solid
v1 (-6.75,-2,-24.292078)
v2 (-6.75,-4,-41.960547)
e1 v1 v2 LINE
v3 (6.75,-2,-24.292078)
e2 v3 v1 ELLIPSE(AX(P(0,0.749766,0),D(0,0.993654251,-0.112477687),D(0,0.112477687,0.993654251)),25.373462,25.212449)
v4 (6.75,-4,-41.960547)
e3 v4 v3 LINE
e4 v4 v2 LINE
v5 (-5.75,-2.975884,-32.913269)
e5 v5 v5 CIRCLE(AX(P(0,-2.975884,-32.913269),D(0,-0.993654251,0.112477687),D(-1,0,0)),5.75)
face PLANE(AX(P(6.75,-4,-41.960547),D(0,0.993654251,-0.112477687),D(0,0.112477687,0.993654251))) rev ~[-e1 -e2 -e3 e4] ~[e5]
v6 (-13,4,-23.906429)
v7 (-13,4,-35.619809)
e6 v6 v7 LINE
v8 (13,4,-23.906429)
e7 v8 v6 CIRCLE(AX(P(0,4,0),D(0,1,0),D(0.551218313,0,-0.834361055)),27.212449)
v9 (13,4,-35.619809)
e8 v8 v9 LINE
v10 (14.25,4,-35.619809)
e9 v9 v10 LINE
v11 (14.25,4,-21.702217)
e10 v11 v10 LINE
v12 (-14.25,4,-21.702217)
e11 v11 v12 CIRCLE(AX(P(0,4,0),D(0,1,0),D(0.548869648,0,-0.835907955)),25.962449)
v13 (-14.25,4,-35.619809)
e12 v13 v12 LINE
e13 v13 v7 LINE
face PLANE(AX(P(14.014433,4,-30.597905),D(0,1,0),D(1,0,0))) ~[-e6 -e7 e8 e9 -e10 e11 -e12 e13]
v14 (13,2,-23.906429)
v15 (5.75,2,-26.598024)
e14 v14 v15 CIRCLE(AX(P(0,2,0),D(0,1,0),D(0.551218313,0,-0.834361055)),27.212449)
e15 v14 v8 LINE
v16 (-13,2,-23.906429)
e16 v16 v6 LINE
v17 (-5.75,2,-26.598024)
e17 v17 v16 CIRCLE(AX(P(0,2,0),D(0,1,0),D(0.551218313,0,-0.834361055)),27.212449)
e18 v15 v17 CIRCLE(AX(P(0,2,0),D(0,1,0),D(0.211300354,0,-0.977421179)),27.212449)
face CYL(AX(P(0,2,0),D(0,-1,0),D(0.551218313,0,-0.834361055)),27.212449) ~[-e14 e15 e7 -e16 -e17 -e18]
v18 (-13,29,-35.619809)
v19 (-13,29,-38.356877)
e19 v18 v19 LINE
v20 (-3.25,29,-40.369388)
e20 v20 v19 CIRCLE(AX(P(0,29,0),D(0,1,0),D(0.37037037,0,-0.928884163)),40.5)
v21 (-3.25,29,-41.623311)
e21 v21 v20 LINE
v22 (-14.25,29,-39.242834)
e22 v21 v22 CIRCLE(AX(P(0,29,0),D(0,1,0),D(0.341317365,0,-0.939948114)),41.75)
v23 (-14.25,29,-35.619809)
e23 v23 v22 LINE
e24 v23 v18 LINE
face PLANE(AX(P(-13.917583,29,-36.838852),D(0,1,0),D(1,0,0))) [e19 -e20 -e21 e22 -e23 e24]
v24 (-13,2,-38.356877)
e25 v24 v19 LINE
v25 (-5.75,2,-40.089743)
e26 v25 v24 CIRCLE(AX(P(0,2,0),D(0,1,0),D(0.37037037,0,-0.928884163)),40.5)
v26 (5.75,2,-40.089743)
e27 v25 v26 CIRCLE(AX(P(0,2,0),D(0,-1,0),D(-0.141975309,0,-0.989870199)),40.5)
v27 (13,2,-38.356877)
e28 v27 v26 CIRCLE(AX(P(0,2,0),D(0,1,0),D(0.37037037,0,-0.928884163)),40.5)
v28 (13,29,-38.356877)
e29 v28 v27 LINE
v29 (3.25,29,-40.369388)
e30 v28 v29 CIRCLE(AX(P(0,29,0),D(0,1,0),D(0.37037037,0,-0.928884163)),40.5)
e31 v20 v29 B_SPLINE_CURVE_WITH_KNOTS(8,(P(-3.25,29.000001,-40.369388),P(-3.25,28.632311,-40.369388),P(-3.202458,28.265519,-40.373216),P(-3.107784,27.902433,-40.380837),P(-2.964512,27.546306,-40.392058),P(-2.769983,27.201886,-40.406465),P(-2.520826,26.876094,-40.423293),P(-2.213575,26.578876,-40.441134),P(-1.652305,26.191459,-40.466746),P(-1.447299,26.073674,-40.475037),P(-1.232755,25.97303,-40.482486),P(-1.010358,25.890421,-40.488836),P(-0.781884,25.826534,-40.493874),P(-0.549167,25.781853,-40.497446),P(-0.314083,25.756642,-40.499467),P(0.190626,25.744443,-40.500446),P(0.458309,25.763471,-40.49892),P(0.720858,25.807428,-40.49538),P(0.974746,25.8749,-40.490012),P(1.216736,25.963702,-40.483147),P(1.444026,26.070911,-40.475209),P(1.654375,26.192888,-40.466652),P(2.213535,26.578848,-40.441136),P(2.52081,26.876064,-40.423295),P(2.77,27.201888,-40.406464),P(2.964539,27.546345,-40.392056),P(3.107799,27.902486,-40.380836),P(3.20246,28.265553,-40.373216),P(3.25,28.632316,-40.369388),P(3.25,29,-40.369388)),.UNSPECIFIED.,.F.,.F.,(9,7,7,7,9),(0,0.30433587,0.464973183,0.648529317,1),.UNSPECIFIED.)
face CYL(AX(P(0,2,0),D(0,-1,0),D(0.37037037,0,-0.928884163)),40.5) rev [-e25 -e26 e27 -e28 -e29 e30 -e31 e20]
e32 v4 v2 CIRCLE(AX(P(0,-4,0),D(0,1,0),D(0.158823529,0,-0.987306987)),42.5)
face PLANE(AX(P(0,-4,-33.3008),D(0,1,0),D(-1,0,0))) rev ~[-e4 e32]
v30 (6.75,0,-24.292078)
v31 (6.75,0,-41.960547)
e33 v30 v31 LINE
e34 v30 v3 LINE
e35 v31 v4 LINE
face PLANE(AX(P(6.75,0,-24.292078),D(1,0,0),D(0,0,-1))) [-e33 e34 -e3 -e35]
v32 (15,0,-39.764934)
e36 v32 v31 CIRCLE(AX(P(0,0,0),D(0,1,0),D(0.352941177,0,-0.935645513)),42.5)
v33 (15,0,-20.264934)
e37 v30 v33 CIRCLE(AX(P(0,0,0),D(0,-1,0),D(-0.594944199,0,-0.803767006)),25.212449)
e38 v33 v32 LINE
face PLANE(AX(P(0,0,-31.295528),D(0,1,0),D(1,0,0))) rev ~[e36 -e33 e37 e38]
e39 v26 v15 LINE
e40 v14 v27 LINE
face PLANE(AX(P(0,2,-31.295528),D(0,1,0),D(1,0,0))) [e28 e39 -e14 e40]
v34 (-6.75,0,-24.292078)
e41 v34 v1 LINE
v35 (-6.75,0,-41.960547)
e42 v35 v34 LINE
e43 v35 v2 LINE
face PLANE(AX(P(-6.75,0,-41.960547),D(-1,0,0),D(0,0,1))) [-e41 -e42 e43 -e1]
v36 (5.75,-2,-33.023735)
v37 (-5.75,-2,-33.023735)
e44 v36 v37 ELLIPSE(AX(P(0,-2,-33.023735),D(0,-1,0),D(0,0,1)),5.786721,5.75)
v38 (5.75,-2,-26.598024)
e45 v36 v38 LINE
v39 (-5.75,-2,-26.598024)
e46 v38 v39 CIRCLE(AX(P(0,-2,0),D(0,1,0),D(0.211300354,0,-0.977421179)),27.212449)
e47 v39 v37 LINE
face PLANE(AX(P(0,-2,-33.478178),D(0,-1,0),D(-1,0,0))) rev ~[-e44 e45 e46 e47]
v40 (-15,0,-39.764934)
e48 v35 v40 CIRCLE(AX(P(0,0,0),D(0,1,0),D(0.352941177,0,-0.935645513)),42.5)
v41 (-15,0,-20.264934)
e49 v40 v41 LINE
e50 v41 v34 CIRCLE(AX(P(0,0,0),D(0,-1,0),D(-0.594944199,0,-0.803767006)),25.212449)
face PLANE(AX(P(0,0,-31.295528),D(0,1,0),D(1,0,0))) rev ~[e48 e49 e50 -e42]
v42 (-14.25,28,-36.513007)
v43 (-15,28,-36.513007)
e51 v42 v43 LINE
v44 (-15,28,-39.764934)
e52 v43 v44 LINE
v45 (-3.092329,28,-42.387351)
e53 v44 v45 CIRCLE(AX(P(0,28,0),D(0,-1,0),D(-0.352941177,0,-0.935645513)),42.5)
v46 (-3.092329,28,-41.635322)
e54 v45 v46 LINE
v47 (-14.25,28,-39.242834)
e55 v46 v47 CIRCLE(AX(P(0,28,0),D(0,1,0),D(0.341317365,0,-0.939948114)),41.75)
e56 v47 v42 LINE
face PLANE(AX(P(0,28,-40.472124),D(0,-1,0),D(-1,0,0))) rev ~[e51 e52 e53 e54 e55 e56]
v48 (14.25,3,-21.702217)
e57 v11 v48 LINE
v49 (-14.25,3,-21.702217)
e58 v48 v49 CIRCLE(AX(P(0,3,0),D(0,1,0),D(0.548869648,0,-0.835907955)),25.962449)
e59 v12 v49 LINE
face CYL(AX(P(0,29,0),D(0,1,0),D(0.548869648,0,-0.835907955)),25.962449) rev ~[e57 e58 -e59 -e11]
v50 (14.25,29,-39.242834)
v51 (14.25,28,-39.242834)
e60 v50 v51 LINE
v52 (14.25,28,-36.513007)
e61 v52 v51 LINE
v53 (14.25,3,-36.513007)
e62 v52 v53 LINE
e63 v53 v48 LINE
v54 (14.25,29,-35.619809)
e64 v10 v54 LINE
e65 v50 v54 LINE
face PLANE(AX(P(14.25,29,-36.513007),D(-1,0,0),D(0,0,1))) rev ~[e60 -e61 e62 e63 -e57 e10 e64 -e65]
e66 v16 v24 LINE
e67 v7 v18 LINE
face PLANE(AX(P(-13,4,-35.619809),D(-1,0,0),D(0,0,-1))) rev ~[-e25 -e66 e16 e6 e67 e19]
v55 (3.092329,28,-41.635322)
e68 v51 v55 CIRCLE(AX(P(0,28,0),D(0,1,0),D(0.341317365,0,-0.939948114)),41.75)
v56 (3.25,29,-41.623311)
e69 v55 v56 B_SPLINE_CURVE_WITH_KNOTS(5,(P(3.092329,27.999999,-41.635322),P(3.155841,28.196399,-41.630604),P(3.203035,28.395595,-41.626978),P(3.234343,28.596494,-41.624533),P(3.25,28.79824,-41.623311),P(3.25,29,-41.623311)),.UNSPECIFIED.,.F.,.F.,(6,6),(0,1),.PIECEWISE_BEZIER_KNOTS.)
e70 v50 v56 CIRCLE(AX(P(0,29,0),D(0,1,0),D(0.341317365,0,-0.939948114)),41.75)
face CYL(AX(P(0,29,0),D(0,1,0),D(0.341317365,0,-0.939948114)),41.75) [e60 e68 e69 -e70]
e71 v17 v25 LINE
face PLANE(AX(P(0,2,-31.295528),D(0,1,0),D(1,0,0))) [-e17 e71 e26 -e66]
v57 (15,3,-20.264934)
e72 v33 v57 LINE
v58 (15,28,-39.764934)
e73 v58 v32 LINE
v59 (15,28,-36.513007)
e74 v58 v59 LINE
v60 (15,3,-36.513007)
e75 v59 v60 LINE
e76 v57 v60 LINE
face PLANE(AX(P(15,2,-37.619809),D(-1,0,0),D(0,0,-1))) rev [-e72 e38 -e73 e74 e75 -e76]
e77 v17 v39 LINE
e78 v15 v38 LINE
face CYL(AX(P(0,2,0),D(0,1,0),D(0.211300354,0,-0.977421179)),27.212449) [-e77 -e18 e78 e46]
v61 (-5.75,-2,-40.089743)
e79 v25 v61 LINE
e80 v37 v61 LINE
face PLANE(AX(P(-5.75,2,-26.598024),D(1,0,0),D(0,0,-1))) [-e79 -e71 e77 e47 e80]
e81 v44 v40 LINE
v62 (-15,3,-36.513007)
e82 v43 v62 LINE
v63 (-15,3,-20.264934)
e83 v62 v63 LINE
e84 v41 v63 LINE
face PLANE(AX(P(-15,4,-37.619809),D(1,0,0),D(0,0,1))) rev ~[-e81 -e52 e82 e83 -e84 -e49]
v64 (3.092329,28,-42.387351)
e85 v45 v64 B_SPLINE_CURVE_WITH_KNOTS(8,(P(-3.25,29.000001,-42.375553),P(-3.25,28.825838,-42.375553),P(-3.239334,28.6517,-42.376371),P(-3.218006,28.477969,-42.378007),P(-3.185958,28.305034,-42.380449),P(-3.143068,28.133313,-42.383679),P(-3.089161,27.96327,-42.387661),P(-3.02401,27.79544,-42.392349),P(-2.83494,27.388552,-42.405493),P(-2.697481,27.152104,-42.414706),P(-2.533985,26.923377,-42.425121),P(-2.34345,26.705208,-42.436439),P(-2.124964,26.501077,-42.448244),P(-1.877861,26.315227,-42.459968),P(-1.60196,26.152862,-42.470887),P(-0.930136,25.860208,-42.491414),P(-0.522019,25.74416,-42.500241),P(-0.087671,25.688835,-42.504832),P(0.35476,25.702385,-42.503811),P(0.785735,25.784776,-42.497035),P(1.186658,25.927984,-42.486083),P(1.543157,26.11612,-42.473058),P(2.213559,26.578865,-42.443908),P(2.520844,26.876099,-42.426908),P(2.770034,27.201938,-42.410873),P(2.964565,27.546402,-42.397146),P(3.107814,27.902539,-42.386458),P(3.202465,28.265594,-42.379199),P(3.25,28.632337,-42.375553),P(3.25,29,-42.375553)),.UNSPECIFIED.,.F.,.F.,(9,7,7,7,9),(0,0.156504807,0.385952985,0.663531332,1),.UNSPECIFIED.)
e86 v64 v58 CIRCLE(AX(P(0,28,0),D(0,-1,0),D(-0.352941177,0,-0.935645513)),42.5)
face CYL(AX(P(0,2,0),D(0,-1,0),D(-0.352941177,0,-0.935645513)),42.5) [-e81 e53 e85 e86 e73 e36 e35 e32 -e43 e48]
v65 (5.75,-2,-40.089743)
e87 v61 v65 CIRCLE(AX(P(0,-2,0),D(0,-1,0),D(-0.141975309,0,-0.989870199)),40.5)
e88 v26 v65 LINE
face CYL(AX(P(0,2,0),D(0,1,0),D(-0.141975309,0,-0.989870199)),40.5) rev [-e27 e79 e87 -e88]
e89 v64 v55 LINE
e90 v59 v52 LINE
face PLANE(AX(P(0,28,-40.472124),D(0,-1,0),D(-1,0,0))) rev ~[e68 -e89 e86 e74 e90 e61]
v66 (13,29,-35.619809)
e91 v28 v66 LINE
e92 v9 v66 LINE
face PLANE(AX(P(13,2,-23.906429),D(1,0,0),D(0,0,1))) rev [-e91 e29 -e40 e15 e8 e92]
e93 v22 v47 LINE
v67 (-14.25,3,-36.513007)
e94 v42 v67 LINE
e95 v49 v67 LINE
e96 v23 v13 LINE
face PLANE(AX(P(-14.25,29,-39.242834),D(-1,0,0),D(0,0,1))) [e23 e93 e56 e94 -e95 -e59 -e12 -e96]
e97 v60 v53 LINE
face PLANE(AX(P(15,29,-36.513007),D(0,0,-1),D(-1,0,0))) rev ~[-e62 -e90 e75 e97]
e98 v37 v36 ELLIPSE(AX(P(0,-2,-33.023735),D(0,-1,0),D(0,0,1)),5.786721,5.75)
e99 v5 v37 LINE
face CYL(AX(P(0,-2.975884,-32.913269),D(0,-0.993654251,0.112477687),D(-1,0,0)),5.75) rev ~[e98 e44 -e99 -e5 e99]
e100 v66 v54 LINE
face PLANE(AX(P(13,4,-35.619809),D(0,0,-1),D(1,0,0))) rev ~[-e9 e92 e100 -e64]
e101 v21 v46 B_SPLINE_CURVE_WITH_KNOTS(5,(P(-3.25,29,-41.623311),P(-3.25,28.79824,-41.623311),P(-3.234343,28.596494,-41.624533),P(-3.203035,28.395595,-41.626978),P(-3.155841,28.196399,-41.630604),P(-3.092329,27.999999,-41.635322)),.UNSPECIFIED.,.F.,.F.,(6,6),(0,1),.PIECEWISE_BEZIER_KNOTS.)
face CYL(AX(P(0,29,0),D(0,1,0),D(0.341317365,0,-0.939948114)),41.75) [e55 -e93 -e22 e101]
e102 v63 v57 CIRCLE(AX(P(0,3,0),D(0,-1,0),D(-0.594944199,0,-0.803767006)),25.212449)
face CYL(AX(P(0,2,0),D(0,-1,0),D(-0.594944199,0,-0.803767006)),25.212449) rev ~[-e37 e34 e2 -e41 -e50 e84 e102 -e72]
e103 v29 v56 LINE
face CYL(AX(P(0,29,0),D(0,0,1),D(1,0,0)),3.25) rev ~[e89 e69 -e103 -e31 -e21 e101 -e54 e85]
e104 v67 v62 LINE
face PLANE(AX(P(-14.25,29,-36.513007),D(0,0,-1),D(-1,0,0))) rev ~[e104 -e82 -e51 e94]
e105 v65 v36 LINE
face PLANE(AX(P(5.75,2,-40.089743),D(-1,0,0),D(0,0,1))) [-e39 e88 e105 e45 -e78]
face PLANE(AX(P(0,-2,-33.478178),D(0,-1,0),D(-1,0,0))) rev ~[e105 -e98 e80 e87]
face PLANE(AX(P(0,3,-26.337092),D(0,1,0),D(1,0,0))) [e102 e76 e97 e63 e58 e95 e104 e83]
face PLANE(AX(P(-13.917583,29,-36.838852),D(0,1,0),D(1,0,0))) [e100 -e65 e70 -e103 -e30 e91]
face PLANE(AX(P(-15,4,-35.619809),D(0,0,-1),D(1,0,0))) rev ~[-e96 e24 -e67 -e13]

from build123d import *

# Parameters (mm, degrees)
BOSS_EXTRUDE2_DEPTH      = 2
BOSS_EXTRUDE4_DEPTH      = 4
CUT_EXTRUDE6_DEPTH       = 22.75
SKETCH4_R                = 5.75
CUT_EXTRUDE7_DEPTH       = 2
CUT_EXTRUDE8_DEPTH       = 4
BOSS_EXTRUDE5_DEPTH      = 27
BOSS_EXTRUDE6_DEPTH      = 2
BOSS_EXTRUDE7_DEPTH      = 2
BOSS_EXTRUDE8_DEPTH      = 25
CUT_EXTRUDE10_DEPTH      = 26
SKETCH14_R               = 3.25
CUT_EXTRUDE11_DEPTH      = 1
CUT_EXTRUDE11_DEPTH_BACK = 43.5
CUT_EXTRUDE12_DEPTH      = 1


with BuildPart() as part:
    # Sketch1 → Boss-Extrude2 (new body)
    with BuildSketch(Plane(origin=(0, 0, 0), x_dir=(1, 0, 0), z_dir=(0, 1, 0))):
        with BuildLine():
            Line((-15, 39.764934301), (-15, 20.264934301))
            ThreePointArc((-15, 20.264934301), (0, 25.212448557), (15, 20.264934301))
            Line((15, 20.264934301), (15, 39.764934301))
            ThreePointArc((15, 39.764934301), (0, 42.5), (-15, 39.764934301))
        make_face()
    extrude(amount=BOSS_EXTRUDE2_DEPTH)

    # Sketch2 → Boss-Extrude4 (add)
    with BuildSketch(Plane.XZ):
        with BuildLine():
            Line((6.75, -24.292078179), (6.75, -41.960546946))
            ThreePointArc((6.75, -41.960546946), (0, -42.5), (-6.75, -41.960546946))
            Line((-6.75, -41.960546946), (-6.75, -24.292078179))
            ThreePointArc((-6.75, -24.292078179), (0, -25.212448557), (6.75, -24.292078179))
        make_face()
    extrude(amount=BOSS_EXTRUDE4_DEPTH)

    # Sketch3 → Cut-Extrude6 (cut, through all)
    with BuildSketch(Plane(origin=(6.75, 0, 0), x_dir=(0, 0, -1), z_dir=(1, 0, 0))):
        Polygon((41.960546946, -4), (24.292078179, -2), (24.292078179, -4), align=None)
    extrude(amount=-CUT_EXTRUDE6_DEPTH, mode=Mode.SUBTRACT)

    # Sketch4 → Cut-Extrude7 (cut)
    with BuildSketch(Plane(origin=(0, 0.740280631, -0.083796807), x_dir=(-1, 0, 0), z_dir=(0, -0.993654251, 0.112477687))):
        with Locations((0, 33.039130231)):
            Circle(SKETCH4_R)
    extrude(amount=-CUT_EXTRUDE7_DEPTH, mode=Mode.SUBTRACT)

    # Sketch5 → Cut-Extrude8 (cut)
    with BuildSketch(Plane(origin=(0, 2, 0), x_dir=(1, 0, 0), z_dir=(0, 1, 0))):
        with BuildLine():
            ThreePointArc((-5.75, 40.089743077), (0, 40.5), (5.75, 40.089743077))
            Line((5.75, 40.089743077), (5.75, 26.598023544))
            ThreePointArc((5.75, 26.598023544), (0, 27.212448557), (-5.75, 26.598023544))
            Line((-5.75, 26.598023544), (-5.75, 40.089743077))
        make_face()
    extrude(amount=-CUT_EXTRUDE8_DEPTH, mode=Mode.SUBTRACT)

    # Sketch7 → Boss-Extrude5 (add)
    with BuildSketch(Plane(origin=(0, 2, 0), x_dir=(1, 0, 0), z_dir=(0, 1, 0))):
        with BuildLine():
            Line((-15, 37.619808612), (-15, 39.764934301))
            ThreePointArc((-15, 39.764934301), (0, 42.5), (15, 39.764934301))
            Line((15, 39.764934301), (15, 37.619808612))
            ThreePointArc((15, 37.619808612), (0, 40.5), (-15, 37.619808612))
        make_face()
    extrude(amount=BOSS_EXTRUDE5_DEPTH)

    # Sketch8 → Boss-Extrude6 (add)
    with BuildSketch(Plane(origin=(0, 2, 0), x_dir=(1, 0, 0), z_dir=(0, 1, 0))):
        with BuildLine():
            Line((-15, 22.7050073), (-15, 20.264934301))
            ThreePointArc((-15, 20.264934301), (0, 25.212448557), (15, 20.264934301))
            Line((15, 20.264934301), (15, 22.7050073))
            ThreePointArc((15, 22.7050073), (0, 27.212448557), (-15, 22.7050073))
        make_face()
    extrude(amount=BOSS_EXTRUDE6_DEPTH)

    # Sketch9 → Boss-Extrude7 (add)
    with BuildSketch(Plane(origin=(0, 2, 0), x_dir=(1, 0, 0), z_dir=(0, 1, 0))):
        with BuildLine():
            Line((-15, 37.619808612), (-15, 22.7050073))
            ThreePointArc((-15, 22.7050073), (-14.012881704, 23.32716234), (-13, 23.906429187))
            Line((-13, 23.906429187), (-13, 38.356876828))
            ThreePointArc((-13, 38.356876828), (-14.004849781, 38.001502373), (-15, 37.619808612))
        make_face()
    boss_extrude7 = extrude(amount=BOSS_EXTRUDE7_DEPTH)

    # Mirror1: Boss-Extrude7 across plane
    add(boss_extrude7.mirror(Plane(origin=(0, 0, 0), x_dir=(0, 0, 1), z_dir=(1, 0, 0))))

    # Sketch12 → Boss-Extrude8 (add)
    with BuildSketch(Plane(origin=(0, 4, 0), x_dir=(1, 0, 0), z_dir=(0, 1, 0))):
        with BuildLine():
            ThreePointArc((-13, 38.356876828), (-14.004849781, 38.001502373), (-15, 37.619808612))
            Line((-15, 37.619808612), (-15, 35.619808612))
            Line((-15, 35.619808612), (-13, 35.619808612))
            Line((-13, 35.619808612), (-13, 38.356876828))
        make_face()
        with BuildLine():
            Line((15, 35.619808612), (15, 37.619808612))
            ThreePointArc((15, 37.619808612), (14.004849781, 38.001502373), (13, 38.356876828))
            Line((13, 38.356876828), (13, 35.619808612))
            Line((13, 35.619808612), (15, 35.619808612))
        make_face()
    extrude(amount=BOSS_EXTRUDE8_DEPTH)

    # Sketch13 → Cut-Extrude10 (cut)
    with BuildSketch(Plane(origin=(0, 29, 0), x_dir=(1, 0, 0), z_dir=(0, 1, 0))):
        with BuildLine():
            Line((-14.25, 21.702217285), (-14.25, 36.513007281))
            Line((-14.25, 36.513007281), (-15, 36.513007281))
            Line((-15, 36.513007281), (-15, 20.264934301))
            ThreePointArc((-15, 20.264934301), (0, 25.212448557), (15, 20.264934301))
            Line((15, 20.264934301), (15, 36.513007281))
            Line((15, 36.513007281), (14.25, 36.513007281))
            Line((14.25, 36.513007281), (14.25, 21.702217285))
            ThreePointArc((14.25, 21.702217285), (0, 25.962448557), (-14.25, 21.702217285))
        make_face()
    extrude(amount=-CUT_EXTRUDE10_DEPTH, mode=Mode.SUBTRACT)

    # Sketch14 → Cut-Extrude11 (cut, two sides)
    with BuildSketch(Plane.XY) as cut_extrude11_sk:
        with Locations((0, 29)):
            Circle(SKETCH14_R)
    extrude(amount=CUT_EXTRUDE11_DEPTH, mode=Mode.SUBTRACT)
    extrude(cut_extrude11_sk.sketch, amount=-CUT_EXTRUDE11_DEPTH_BACK, mode=Mode.SUBTRACT)

    # Sketch15 → Cut-Extrude12 (cut)
    with BuildSketch(Plane(origin=(0, 29, 0), x_dir=(1, 0, 0), z_dir=(0, 1, 0))):
        with BuildLine():
            Line((-15, 36.513007281), (-15, 39.764934301))
            ThreePointArc((-15, 39.764934301), (0, 42.5), (15, 39.764934301))
            Line((15, 39.764934301), (15, 36.513007281))
            Line((15, 36.513007281), (14.25, 36.513007281))
            Line((14.25, 36.513007281), (14.25, 39.242833741))
            ThreePointArc((14.25, 39.242833741), (0, 41.75), (-14.25, 39.242833741))
            Line((-14.25, 39.242833741), (-14.25, 36.513007281))
            Line((-14.25, 36.513007281), (-15, 36.513007281))
        make_face()
    extrude(amount=-CUT_EXTRUDE12_DEPTH, mode=Mode.SUBTRACT)


solid = part.part
